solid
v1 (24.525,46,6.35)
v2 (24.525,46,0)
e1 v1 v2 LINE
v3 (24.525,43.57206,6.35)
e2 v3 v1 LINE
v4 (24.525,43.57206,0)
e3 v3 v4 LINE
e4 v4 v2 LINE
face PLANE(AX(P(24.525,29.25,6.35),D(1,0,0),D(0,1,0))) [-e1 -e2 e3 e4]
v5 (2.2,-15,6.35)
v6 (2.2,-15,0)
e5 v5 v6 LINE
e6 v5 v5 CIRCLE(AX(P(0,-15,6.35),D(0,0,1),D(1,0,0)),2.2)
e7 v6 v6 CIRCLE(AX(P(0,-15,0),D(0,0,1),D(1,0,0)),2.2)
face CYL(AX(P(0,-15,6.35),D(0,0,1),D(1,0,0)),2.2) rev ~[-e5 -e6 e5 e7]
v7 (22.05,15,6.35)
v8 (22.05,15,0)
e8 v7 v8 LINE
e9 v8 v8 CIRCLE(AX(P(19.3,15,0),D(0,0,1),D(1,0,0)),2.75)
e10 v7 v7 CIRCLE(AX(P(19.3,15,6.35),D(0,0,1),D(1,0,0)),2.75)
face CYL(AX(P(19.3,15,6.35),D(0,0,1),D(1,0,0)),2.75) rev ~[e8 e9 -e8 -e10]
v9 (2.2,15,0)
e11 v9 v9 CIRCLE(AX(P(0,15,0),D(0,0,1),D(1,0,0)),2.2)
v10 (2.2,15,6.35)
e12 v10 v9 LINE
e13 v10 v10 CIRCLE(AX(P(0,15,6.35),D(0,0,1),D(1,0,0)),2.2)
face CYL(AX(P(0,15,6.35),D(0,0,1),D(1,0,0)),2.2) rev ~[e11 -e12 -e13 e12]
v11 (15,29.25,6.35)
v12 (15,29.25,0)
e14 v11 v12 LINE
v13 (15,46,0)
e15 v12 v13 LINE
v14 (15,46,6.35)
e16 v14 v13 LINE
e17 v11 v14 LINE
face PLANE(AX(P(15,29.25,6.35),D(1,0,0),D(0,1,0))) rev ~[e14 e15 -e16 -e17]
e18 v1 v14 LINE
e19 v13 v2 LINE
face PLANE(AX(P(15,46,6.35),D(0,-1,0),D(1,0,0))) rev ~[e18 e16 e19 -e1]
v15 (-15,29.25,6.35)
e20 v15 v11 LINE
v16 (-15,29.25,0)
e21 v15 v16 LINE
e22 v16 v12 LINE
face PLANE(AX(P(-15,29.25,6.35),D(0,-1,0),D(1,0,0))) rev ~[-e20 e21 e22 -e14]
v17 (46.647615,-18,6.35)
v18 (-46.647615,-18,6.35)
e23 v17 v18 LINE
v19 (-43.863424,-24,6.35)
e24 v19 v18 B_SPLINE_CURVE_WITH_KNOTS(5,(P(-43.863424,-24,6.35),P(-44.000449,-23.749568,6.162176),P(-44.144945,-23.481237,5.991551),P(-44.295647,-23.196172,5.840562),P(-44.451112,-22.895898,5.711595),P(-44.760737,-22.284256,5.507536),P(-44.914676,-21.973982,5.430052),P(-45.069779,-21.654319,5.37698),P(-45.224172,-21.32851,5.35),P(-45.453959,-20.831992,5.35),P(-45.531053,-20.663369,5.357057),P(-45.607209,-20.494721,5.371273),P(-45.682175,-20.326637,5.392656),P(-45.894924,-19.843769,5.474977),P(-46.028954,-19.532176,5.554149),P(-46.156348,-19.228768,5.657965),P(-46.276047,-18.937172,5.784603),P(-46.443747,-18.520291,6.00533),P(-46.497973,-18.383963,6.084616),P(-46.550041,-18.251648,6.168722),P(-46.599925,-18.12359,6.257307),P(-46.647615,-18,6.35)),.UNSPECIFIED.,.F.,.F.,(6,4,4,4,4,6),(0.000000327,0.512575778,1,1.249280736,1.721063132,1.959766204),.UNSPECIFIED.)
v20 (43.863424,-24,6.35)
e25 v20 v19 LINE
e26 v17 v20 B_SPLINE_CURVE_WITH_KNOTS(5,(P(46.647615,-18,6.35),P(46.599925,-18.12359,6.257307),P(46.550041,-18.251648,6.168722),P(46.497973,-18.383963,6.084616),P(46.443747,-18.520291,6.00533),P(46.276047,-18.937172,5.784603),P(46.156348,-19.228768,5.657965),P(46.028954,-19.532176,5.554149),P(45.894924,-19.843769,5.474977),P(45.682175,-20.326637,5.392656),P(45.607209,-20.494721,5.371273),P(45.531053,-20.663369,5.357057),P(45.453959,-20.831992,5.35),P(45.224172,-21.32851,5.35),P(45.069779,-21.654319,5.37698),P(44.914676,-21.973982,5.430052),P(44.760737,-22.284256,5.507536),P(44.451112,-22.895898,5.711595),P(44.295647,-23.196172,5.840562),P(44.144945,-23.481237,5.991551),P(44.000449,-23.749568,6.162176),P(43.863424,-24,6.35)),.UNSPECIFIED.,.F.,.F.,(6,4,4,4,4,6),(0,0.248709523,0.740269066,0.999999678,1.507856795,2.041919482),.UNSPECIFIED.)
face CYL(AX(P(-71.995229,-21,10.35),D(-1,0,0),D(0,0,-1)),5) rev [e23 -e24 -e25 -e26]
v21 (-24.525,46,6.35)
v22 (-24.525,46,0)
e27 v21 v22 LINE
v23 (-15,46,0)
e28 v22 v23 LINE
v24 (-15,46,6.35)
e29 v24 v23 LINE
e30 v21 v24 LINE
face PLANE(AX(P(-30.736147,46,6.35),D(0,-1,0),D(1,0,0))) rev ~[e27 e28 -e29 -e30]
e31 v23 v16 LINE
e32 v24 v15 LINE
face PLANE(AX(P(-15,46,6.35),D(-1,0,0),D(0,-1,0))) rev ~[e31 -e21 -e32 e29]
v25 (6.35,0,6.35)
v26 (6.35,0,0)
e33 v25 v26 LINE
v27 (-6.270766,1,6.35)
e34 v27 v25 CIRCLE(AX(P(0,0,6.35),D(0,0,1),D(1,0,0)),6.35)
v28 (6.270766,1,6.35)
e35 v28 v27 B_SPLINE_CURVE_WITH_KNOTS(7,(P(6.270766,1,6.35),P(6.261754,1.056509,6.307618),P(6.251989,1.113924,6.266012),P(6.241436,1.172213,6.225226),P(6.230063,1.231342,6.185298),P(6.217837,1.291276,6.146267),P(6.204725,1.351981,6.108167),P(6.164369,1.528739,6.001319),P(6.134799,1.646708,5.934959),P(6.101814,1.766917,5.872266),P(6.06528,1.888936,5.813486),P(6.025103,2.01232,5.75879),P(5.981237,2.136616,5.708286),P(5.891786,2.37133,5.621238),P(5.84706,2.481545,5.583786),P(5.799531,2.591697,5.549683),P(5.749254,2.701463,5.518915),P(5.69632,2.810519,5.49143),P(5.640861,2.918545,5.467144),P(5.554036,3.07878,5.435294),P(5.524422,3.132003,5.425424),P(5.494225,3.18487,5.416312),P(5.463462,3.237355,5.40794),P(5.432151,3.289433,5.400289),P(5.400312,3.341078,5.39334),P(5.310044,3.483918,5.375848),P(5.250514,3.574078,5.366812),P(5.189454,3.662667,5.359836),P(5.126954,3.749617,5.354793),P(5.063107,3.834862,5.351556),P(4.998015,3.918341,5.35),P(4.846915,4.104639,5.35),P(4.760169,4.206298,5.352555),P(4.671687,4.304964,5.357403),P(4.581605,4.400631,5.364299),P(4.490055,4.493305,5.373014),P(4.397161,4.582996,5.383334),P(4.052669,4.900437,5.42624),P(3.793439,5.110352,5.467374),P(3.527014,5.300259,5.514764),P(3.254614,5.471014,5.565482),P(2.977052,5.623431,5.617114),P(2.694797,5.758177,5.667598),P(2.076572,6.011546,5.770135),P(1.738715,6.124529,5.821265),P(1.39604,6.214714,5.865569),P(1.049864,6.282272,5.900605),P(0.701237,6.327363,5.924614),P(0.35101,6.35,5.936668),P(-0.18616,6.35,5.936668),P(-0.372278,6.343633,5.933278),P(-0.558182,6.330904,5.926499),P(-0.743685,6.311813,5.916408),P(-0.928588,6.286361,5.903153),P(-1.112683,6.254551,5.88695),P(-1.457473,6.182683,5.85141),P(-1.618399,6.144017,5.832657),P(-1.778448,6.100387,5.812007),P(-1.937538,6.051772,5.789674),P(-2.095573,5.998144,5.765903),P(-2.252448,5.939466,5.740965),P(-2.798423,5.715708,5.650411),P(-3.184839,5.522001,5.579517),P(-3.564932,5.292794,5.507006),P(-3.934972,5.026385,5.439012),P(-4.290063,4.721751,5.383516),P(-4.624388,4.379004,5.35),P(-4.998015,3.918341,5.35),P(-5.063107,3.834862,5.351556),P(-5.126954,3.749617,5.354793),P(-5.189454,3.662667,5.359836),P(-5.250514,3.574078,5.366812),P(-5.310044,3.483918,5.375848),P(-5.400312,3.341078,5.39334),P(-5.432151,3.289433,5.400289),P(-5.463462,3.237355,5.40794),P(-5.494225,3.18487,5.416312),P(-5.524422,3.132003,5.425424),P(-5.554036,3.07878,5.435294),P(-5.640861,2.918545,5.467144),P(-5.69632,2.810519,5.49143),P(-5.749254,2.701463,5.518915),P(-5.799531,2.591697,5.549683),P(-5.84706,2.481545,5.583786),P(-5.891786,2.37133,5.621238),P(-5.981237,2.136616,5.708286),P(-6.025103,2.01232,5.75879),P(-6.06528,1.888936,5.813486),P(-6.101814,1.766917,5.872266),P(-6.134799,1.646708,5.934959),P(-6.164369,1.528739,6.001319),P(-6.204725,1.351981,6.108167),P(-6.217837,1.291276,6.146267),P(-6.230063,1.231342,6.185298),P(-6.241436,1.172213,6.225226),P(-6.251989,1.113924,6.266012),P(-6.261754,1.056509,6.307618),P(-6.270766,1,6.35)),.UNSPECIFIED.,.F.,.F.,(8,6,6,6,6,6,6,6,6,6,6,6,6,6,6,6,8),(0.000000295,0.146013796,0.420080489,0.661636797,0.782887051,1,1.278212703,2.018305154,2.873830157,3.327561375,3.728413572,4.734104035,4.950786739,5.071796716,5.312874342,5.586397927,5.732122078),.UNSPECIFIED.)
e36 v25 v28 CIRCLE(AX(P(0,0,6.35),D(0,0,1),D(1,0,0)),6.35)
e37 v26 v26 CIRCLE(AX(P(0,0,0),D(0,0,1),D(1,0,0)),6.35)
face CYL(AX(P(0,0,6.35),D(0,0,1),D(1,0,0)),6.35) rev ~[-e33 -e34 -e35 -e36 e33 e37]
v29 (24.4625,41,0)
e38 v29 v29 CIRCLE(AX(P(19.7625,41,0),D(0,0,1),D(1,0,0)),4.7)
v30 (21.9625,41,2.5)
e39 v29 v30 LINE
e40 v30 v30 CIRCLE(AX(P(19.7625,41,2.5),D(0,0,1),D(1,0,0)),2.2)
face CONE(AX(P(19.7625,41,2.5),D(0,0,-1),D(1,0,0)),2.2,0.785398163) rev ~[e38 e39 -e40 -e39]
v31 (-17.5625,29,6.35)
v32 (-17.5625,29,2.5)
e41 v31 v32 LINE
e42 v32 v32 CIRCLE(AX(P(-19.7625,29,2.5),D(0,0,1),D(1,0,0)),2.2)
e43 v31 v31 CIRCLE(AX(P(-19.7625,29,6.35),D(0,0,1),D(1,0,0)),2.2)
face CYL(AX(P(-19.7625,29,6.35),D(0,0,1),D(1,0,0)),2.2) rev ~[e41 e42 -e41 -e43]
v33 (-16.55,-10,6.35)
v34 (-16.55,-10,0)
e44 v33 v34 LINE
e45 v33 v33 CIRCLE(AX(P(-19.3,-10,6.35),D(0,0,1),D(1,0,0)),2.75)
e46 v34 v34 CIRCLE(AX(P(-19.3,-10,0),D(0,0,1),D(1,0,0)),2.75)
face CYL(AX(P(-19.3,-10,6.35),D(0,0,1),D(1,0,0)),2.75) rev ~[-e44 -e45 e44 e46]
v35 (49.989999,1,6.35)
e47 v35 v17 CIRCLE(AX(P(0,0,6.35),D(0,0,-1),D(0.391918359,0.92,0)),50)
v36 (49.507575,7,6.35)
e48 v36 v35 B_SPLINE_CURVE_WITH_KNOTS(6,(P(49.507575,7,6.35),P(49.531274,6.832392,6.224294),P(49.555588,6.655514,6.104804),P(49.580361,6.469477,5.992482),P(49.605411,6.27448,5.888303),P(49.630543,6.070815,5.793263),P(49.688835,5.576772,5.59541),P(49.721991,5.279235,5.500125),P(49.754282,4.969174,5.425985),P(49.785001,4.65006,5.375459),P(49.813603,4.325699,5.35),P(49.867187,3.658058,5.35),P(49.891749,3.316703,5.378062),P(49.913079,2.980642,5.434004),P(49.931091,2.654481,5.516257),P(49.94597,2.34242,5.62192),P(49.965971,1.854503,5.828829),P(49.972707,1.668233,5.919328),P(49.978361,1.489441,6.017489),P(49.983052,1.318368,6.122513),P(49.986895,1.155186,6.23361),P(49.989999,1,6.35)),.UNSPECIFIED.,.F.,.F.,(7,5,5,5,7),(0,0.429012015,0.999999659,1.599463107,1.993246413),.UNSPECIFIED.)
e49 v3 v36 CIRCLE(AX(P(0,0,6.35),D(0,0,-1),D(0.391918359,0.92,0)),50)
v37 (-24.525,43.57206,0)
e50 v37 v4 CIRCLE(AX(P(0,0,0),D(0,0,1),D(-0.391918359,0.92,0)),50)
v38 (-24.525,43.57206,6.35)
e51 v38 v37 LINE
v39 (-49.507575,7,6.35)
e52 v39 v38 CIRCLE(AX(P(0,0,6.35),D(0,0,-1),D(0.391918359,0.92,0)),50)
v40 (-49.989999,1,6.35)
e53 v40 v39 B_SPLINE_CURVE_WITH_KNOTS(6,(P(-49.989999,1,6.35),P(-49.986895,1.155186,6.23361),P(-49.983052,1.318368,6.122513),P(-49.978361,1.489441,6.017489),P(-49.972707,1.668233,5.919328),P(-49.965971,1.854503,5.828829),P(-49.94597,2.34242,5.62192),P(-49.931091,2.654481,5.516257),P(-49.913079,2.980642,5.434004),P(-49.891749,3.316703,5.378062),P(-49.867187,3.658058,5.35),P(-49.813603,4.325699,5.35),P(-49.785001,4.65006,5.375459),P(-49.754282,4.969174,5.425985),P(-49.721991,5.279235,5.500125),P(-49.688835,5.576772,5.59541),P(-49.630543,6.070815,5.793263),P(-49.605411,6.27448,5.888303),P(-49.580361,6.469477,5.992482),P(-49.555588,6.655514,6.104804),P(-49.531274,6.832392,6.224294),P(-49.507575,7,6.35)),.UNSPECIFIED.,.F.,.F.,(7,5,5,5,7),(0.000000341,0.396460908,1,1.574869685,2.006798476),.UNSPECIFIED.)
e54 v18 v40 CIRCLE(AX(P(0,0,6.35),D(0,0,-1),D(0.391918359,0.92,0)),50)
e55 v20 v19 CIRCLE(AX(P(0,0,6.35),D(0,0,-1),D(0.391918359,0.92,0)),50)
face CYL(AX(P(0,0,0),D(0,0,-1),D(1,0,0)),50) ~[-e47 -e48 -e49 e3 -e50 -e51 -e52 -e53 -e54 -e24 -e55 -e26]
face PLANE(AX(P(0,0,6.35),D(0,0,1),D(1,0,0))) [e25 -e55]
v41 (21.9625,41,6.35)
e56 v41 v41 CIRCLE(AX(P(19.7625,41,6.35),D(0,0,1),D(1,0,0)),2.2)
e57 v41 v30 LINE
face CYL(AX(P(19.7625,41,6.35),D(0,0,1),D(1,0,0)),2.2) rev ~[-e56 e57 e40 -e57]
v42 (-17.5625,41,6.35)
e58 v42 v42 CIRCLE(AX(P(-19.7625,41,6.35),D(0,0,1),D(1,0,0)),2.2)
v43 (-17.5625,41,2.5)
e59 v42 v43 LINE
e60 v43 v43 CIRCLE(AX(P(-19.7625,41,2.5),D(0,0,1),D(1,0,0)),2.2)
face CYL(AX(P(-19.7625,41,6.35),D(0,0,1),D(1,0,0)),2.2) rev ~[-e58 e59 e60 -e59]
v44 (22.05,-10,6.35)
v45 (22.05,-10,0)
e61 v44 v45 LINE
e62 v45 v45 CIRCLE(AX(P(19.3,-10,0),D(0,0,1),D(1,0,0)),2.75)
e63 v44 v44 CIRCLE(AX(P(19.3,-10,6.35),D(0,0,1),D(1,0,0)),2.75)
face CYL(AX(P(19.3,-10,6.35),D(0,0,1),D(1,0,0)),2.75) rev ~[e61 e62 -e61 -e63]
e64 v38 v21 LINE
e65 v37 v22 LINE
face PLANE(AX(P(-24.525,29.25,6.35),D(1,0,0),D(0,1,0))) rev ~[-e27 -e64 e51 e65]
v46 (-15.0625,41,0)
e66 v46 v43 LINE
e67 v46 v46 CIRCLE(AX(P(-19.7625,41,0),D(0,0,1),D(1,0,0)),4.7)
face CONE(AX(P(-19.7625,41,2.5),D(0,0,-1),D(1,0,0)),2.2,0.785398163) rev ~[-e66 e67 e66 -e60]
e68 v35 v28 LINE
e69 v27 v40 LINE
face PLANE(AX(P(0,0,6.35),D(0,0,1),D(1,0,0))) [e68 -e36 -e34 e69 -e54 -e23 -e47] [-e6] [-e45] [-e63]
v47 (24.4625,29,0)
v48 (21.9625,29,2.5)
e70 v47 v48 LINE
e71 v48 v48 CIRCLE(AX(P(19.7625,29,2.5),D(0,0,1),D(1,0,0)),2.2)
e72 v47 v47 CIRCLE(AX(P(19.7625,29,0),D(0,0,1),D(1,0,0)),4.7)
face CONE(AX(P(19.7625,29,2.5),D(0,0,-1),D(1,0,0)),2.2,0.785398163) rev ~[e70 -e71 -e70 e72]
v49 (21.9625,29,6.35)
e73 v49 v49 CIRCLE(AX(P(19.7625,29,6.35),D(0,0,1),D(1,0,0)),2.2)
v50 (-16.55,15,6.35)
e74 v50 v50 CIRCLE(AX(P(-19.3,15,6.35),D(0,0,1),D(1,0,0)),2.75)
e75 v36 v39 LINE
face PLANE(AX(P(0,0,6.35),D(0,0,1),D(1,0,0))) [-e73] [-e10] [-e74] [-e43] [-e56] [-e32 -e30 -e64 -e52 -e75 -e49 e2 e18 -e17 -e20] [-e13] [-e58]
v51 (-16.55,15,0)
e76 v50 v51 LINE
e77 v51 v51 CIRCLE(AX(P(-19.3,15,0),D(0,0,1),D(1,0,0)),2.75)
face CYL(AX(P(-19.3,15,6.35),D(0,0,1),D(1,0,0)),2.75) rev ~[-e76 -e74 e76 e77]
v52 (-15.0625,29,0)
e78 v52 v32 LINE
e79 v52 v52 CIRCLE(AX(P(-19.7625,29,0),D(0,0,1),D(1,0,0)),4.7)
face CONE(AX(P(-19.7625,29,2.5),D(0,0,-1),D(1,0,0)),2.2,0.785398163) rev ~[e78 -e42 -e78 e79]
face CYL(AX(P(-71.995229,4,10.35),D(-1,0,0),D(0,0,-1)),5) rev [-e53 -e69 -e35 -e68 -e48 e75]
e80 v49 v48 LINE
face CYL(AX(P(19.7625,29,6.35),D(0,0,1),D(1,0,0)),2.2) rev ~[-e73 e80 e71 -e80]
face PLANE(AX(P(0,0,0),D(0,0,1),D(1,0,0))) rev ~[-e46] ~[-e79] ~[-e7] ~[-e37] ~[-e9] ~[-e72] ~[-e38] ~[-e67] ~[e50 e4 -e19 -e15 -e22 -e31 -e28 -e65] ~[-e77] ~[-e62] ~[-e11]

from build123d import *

# Parameters (mm, degrees)
SKETCH1_R               = 50
EXTRUDE_1_4_DEPTH       = 6.35
CUT_EXTRUDE1_DEPTH      = 6.35
SKETCH3_W               = 9.525
SKETCH3_H               = 16.75
BOSS_EXTRUDE2_DEPTH     = 6.35
SKETCH4_R               = 2.2
M4_THROUGH_DEPTH        = 6.35
SKETCH5_R               = 6.35
CUT_EXTRUDE2_DEPTH      = 6.35
SKETCH6_R               = 2.2
M4_THROUGH2_DEPTH       = 6.35
SKETCH7_R               = 2.75
M5_THROUGH_DEPTH        = 6.35
CHAMFER1_SIZE           = 2.5
CUT_EXTRUDE4_DEPTH      = 71.995228713
CUT_EXTRUDE4_DEPTH_BACK = 71.995228713
SKETCH8_R               = 5


with BuildPart() as part:
    # Sketch1 → 1/4 (new body)
    with BuildSketch(Plane.XY):
        Circle(SKETCH1_R)
    extrude(amount=EXTRUDE_1_4_DEPTH)

    # Sketch2 → Cut-Extrude1 (cut)
    with BuildSketch(Plane.XY.offset(6.35)):
        Polygon((-15, 46), (-15, 29.25), (15, 29.25), (15, 46), (28.100203936, 46), (28.100203936, 76.142415264), (-30.736146894, 76.142415264), (-30.736146894, 46), align=None)
    extrude(amount=-CUT_EXTRUDE1_DEPTH, mode=Mode.SUBTRACT)

    # Sketch3 → Boss-Extrude2 (add)
    with BuildSketch(Plane.XY.offset(6.35)):
        with Locations((-19.7625, 37.625)):
            Rectangle(SKETCH3_W, SKETCH3_H)
        with Locations((19.7625, 37.625)):
            Rectangle(SKETCH3_W, SKETCH3_H)
    extrude(amount=-BOSS_EXTRUDE2_DEPTH)

    # Sketch4 → M4_through (cut)
    with BuildSketch(Plane.XY.offset(6.35)):
        with Locations((-19.7625, 41)):
            Circle(SKETCH4_R)
        with Locations((-19.7625, 29)):
            Circle(SKETCH4_R)
        with Locations((19.7625, 29)):
            Circle(SKETCH4_R)
        with Locations((19.7625, 41)):
            Circle(SKETCH4_R)
    extrude(amount=-M4_THROUGH_DEPTH, mode=Mode.SUBTRACT)

    # Sketch5 → Cut-Extrude2 (cut)
    with BuildSketch(Plane.XY.offset(6.35)):
        Circle(SKETCH5_R)
    extrude(amount=-CUT_EXTRUDE2_DEPTH, mode=Mode.SUBTRACT)

    # Sketch6 → M4_through2 (cut)
    with BuildSketch(Plane.XY.offset(6.35)):
        with Locations((0, 15)):
            Circle(SKETCH6_R)
        with Locations((0, -15)):
            Circle(SKETCH6_R)
    extrude(amount=-M4_THROUGH2_DEPTH, mode=Mode.SUBTRACT)

    # Sketch7 → M5_through (cut)
    with BuildSketch(Plane.XY.offset(6.35)):
        with Locations((-19.3, 15)):
            Circle(SKETCH7_R)
        with Locations((-19.3, -10)):
            Circle(SKETCH7_R)
        with Locations((19.3, -10)):
            Circle(SKETCH7_R)
        with Locations((19.3, 15)):
            Circle(SKETCH7_R)
    extrude(amount=-M5_THROUGH_DEPTH, mode=Mode.SUBTRACT)

    # Chamfer1
    chamfer1_edges = [part.edges().sort_by_distance(p)[0] for p in [
        (17.5625, 41, 0),
        (17.5625, 29, 0),
        (-21.9625, 29, 0),
        (-21.9625, 41, 0),
    ]]
    chamfer(chamfer1_edges, length=CHAMFER1_SIZE)

    # Sketch8 → Cut-Extrude4 (cut, two sides: drawn at the far end of the back side and taken through both)
    with BuildSketch(Plane(origin=(0, 0, 0), x_dir=(0, 0, -1), z_dir=(1, 0, 0)).offset(-CUT_EXTRUDE4_DEPTH_BACK)):
        with Locations((-10.35, 4)):
            Circle(SKETCH8_R)
        with Locations((-10.35, -21)):
            Circle(SKETCH8_R)
    extrude(amount=CUT_EXTRUDE4_DEPTH + CUT_EXTRUDE4_DEPTH_BACK, mode=Mode.SUBTRACT)


solid = part.part
